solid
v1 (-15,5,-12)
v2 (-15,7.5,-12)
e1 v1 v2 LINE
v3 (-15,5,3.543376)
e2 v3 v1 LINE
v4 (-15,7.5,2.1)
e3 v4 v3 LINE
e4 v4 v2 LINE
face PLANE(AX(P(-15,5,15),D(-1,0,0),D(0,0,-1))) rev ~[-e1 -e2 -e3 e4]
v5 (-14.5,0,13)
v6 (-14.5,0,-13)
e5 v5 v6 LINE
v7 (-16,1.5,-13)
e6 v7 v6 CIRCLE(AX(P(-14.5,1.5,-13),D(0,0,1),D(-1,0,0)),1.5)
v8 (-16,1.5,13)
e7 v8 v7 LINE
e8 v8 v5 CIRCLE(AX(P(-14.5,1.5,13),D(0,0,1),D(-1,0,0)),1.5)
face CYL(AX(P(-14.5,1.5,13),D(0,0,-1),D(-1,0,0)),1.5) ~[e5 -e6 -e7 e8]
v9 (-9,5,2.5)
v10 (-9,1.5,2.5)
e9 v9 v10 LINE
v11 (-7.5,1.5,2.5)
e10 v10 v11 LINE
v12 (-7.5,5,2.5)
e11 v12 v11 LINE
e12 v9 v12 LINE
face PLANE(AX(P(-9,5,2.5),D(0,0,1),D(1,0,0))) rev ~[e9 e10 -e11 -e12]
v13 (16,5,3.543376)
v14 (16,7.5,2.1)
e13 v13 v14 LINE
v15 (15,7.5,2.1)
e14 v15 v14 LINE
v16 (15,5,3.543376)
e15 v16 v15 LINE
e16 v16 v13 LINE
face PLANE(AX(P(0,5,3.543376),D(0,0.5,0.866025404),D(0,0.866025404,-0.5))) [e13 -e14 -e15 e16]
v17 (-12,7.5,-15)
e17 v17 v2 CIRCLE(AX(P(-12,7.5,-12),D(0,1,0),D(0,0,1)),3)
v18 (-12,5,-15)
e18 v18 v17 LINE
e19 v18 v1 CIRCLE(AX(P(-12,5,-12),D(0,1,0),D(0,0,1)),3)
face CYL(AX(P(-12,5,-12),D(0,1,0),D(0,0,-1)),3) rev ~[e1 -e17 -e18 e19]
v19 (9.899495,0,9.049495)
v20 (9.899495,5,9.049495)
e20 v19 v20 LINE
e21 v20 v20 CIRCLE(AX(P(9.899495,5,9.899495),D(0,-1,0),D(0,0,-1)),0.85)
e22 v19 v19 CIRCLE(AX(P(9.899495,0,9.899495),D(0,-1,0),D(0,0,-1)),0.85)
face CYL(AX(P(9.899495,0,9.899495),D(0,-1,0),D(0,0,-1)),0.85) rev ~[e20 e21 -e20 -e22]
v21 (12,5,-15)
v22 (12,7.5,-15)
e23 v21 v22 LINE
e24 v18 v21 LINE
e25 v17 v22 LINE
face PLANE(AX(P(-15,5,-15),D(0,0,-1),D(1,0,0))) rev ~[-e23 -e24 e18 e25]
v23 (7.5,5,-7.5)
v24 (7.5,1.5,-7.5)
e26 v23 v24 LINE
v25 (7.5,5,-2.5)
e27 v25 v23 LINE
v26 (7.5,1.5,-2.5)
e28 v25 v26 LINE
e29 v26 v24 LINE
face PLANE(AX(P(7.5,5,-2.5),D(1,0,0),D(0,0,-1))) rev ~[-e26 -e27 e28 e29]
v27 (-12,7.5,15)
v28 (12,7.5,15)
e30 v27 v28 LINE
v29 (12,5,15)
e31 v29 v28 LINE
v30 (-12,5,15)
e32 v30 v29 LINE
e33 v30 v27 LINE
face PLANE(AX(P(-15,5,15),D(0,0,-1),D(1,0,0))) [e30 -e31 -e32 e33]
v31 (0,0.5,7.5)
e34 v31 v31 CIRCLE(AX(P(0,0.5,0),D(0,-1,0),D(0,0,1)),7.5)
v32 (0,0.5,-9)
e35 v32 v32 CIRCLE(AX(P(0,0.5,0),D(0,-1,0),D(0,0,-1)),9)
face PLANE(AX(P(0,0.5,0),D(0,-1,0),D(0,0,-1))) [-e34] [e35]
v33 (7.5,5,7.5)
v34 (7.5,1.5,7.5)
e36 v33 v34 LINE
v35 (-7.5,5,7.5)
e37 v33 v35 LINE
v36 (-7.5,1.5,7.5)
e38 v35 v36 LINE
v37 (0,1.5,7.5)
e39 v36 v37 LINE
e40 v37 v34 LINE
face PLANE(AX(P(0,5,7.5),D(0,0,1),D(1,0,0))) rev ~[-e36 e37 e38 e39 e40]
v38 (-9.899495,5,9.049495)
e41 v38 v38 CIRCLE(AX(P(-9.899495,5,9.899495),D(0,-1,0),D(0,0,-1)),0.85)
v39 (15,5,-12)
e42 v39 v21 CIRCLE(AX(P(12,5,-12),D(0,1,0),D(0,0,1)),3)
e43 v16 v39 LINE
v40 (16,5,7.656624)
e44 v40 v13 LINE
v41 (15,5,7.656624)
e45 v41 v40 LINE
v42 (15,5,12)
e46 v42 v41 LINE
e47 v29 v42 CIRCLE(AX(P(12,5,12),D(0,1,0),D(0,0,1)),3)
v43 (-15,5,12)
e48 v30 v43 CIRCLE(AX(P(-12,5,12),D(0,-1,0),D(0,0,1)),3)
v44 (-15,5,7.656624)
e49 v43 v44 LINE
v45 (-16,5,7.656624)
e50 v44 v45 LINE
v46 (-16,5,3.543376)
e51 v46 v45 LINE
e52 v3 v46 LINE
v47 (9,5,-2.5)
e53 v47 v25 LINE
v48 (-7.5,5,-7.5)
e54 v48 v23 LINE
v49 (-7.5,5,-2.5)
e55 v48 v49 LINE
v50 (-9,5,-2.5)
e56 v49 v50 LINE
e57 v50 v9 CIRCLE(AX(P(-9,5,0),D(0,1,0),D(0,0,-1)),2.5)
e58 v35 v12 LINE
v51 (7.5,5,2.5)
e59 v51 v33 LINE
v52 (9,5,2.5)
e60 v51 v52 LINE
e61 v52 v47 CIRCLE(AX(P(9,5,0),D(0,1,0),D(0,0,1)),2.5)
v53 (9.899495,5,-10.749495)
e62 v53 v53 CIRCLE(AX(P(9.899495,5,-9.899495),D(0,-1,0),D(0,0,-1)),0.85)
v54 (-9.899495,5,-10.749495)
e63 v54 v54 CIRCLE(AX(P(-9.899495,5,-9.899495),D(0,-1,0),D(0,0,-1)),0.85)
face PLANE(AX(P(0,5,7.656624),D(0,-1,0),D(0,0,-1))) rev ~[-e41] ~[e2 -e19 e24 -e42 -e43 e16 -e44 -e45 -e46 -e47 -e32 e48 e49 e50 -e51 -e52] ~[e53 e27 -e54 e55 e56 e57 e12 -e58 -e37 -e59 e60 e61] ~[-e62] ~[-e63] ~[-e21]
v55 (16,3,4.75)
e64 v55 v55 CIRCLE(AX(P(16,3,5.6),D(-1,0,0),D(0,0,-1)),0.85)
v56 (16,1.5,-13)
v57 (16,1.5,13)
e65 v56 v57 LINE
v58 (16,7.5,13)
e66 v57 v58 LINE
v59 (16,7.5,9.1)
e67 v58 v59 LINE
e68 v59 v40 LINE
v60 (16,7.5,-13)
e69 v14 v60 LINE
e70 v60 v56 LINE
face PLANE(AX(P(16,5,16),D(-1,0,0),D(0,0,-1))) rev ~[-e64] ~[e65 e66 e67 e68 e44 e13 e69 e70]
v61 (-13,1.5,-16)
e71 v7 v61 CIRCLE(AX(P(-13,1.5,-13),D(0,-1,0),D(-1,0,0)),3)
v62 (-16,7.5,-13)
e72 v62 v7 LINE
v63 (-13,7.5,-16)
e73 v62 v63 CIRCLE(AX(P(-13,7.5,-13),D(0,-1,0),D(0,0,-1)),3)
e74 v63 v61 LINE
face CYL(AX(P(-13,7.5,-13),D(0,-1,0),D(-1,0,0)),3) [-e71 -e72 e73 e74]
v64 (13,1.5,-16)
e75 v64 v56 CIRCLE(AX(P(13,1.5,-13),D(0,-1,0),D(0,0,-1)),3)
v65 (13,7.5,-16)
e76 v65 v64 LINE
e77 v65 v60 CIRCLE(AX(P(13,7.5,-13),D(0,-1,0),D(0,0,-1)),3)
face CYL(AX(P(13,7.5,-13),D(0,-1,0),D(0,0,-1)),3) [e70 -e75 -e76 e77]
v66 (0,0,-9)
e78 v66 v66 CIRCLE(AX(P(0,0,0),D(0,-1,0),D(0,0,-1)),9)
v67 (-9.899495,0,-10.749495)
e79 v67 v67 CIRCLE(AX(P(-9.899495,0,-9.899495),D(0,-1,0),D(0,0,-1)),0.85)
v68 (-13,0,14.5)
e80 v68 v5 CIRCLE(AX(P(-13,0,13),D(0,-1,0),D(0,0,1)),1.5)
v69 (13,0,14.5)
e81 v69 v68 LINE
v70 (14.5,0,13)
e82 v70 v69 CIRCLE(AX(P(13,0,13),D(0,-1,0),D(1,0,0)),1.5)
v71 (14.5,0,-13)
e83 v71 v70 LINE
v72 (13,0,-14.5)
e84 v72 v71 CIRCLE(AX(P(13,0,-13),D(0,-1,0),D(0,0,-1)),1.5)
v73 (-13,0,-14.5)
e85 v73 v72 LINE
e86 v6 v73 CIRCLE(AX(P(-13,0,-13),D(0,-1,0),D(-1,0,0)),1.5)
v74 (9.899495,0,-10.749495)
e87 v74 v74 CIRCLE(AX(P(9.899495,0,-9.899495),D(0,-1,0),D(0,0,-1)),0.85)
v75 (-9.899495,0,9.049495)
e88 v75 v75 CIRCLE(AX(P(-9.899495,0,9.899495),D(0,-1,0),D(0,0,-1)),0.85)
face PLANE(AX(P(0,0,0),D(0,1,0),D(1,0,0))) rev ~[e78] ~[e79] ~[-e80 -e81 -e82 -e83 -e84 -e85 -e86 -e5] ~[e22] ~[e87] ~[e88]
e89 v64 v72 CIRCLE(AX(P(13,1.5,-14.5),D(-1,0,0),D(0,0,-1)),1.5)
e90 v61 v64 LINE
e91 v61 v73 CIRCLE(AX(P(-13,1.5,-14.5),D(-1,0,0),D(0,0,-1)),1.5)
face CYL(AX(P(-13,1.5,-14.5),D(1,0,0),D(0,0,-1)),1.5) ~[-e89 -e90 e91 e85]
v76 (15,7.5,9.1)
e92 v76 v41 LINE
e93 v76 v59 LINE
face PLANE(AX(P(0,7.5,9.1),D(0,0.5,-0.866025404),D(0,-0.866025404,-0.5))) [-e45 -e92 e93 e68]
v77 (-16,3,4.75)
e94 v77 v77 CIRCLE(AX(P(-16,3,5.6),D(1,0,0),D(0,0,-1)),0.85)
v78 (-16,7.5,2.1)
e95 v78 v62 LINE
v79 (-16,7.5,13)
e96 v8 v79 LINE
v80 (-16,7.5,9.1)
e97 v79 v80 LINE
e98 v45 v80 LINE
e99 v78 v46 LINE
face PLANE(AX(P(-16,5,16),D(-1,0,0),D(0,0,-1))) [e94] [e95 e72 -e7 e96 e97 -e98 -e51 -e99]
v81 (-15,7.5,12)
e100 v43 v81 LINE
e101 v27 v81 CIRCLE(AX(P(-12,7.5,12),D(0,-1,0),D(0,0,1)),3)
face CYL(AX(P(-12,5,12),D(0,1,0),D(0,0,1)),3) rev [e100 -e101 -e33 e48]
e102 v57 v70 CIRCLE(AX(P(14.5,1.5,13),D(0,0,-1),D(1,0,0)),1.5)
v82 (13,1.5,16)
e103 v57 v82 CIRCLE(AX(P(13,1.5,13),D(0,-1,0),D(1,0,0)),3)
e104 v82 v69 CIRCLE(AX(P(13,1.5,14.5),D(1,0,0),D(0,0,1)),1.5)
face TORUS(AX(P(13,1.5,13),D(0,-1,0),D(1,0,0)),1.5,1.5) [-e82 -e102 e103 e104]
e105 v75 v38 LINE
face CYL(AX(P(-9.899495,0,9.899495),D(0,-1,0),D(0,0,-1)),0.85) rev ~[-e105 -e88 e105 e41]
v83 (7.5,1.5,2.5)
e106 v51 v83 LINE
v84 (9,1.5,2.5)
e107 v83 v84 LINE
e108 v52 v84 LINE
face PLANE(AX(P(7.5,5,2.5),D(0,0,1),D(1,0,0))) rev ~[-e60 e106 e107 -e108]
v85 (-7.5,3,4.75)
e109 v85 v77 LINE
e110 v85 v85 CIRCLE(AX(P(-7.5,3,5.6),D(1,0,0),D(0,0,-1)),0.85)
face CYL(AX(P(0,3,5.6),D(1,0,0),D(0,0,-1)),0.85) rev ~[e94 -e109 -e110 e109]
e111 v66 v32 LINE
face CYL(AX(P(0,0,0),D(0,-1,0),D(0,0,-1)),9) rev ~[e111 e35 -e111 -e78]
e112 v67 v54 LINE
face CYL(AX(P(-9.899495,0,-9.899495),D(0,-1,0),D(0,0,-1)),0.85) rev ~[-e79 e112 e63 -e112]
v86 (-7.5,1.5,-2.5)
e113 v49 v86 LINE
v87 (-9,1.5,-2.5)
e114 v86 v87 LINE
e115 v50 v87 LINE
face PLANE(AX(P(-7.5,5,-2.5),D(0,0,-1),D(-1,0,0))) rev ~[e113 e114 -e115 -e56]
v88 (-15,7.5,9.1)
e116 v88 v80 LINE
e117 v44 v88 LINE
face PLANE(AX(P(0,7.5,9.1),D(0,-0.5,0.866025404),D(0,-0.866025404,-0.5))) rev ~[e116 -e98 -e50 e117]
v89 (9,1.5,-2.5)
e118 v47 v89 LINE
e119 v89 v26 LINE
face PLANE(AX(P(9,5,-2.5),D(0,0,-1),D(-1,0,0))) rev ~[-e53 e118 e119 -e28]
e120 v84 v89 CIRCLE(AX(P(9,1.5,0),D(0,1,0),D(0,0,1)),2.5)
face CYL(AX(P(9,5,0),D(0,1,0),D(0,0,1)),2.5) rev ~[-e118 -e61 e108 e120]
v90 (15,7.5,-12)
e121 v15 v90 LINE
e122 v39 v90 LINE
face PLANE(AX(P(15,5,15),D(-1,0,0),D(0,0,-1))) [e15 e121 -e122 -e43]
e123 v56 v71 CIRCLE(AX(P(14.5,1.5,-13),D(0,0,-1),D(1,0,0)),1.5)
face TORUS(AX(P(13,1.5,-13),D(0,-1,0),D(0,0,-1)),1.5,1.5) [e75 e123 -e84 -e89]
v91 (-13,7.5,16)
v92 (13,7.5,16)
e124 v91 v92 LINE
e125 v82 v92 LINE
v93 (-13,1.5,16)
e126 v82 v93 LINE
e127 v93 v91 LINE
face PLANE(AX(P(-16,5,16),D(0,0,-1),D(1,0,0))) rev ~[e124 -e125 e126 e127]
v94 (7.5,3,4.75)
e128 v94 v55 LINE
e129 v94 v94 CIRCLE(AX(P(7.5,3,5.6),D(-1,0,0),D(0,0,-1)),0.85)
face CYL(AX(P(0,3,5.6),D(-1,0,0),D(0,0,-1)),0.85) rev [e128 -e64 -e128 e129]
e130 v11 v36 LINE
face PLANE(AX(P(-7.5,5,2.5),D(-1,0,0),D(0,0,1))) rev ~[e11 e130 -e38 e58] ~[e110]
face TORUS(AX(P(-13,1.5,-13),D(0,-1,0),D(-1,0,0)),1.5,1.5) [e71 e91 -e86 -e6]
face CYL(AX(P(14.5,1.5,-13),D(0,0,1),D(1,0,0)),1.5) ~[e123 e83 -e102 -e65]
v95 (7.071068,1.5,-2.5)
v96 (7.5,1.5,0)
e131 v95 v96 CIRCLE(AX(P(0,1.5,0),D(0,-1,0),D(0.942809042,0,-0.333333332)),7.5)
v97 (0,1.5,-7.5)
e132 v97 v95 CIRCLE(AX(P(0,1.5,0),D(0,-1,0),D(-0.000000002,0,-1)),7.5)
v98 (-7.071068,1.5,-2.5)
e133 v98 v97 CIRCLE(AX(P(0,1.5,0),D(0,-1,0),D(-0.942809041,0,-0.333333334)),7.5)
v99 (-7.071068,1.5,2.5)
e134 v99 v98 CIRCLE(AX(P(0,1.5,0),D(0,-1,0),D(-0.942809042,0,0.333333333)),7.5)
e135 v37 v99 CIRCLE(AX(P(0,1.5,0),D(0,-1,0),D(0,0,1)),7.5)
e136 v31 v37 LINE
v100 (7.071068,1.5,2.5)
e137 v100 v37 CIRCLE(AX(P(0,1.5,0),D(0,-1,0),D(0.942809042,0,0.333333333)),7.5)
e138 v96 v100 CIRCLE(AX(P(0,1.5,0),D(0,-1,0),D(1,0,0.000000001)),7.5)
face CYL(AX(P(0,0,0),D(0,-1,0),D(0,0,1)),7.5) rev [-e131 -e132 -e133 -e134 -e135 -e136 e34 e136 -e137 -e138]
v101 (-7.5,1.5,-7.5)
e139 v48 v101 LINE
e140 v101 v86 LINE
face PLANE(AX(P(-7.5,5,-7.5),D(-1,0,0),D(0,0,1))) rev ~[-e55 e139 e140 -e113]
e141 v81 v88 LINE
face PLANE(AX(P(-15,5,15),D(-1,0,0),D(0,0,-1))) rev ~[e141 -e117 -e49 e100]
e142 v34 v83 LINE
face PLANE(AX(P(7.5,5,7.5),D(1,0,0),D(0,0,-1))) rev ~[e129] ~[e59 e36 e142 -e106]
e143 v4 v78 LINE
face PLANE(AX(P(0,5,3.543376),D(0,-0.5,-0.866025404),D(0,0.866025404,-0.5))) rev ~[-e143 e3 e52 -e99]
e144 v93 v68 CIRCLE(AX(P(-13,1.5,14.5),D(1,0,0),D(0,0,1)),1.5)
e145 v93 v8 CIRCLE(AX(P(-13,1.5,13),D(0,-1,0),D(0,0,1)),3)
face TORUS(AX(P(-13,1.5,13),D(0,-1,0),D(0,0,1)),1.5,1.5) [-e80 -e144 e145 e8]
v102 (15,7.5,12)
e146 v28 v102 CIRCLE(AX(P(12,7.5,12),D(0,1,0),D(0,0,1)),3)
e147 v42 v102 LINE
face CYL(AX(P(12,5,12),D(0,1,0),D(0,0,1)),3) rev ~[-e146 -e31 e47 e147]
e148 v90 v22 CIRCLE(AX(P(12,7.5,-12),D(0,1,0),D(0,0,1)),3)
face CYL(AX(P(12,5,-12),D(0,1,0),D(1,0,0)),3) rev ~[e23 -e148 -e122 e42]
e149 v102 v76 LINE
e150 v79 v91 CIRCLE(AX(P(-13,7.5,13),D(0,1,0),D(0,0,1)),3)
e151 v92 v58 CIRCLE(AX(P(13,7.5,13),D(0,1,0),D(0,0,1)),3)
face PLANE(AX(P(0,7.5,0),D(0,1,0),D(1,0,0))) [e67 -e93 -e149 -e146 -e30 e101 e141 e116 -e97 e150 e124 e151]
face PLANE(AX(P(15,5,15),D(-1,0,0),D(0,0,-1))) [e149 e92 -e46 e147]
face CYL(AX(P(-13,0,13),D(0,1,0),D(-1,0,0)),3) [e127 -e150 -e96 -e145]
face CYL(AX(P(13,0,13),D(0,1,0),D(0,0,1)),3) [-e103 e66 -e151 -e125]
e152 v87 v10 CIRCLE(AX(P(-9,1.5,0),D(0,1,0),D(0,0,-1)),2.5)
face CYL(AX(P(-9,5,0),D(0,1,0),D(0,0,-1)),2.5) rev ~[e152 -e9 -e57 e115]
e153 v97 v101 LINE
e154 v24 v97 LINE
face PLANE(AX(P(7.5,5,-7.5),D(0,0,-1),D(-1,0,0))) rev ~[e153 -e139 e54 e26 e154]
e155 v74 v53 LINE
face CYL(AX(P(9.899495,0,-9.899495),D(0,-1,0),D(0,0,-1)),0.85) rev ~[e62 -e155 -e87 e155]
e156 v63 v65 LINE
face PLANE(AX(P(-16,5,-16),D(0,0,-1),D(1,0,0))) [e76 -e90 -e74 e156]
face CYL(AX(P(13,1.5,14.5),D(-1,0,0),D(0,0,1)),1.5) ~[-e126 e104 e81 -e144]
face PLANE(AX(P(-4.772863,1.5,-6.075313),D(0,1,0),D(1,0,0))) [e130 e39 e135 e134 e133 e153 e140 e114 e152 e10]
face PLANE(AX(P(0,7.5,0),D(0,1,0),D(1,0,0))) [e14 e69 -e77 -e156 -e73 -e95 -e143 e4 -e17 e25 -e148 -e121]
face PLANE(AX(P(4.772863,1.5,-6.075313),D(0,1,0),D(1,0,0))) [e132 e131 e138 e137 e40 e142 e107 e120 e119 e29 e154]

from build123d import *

# Parameters (mm, degrees)
SKETCH_1_W               = 32
SKETCH_1_H               = 32
SKETCH_1_R               = 7.5
EXTRUDE_1_DEPTH          = 5
CUT_EXTRUDE_1_DEPTH      = 3.5
SKETCH_3_W               = 32
SKETCH_3_H               = 32
SKETCH_3_W_2             = 30
SKETCH_3_H_2             = 30
EXTRUDE_2_DEPTH          = 2.5
SKETCH_4_R               = 0.85
CUT_EXTRUDE_2_DEPTH      = 8.5
SKETCH_5_R               = 9
CUT_EXTRUDE_3_DEPTH      = 0.5
FILLET_1_R               = 3
SKETCH_6_R               = 0.85
CUT_EXTRUDE_4_DEPTH      = 17
CUT_EXTRUDE_4_DEPTH_BACK = 17
FILLET_2_R               = 1.5


with BuildPart() as part:
    # 草图1 → 凸台-拉伸1 (new body)
    with BuildSketch(Plane(origin=(0, 0, 0), x_dir=(1, 0, 0), z_dir=(0, 1, 0))):
        Rectangle(SKETCH_1_W, SKETCH_1_H)
        with Locations(Location((0, 0, 0), (0, 0, 270))):  # turned: the seam where the file's is
            Circle(SKETCH_1_R, mode=Mode.SUBTRACT)
    extrude(amount=EXTRUDE_1_DEPTH)

    # 草图2 → 切除-拉伸1 (cut)
    with BuildSketch(Plane(origin=(0, 5, 0), x_dir=(1, 0, 0), z_dir=(0, 1, 0))):
        with BuildLine():
            Line((-1.6e-08, 7.5), (-7.5, 7.5))
            Line((-7.5, 7.5), (-7.5, 2.5))
            Line((-7.5, 2.5), (-7.071067812, 2.5))
            ThreePointArc((-7.071067812, 2.5), (-4.330127025, 6.123724352), (-1.6e-08, 7.5))
        make_face()
        with BuildLine():
            Line((7.5, 7.5), (-1.6e-08, 7.5))
            ThreePointArc((-1.6e-08, 7.5), (4.330127013, 6.123724361), (7.071067812, 2.5))
            Line((7.071067812, 2.5), (7.5, 2.5))
            Line((7.5, 2.5), (7.5, 7.5))
        make_face()
        with BuildLine():
            Line((-7.071067812, 2.5), (-7.5, 2.5))
            Line((-7.5, 2.5), (-9, 2.5))
            ThreePointArc((-9, 2.5), (-11.5, 0), (-9, -2.5))
            Line((-9, -2.5), (-7.5, -2.5))
            Line((-7.5, -2.5), (-7.071067812, -2.5))
            ThreePointArc((-7.071067812, -2.5), (-7.5, 0), (-7.071067812, 2.5))
        make_face()
        with BuildLine():
            Line((7.5, 2.5), (7.071067812, 2.5))
            ThreePointArc((7.071067812, 2.5), (7.391989197, 1.26826484), (7.5, 0))
            ThreePointArc((7.5, 0), (7.391989197, -1.26826484), (7.071067812, -2.5))
            Line((7.071067812, -2.5), (7.5, -2.5))
            Line((7.5, -2.5), (9, -2.5))
            ThreePointArc((9, -2.5), (11.5, 0), (9, 2.5))
            Line((9, 2.5), (7.5, 2.5))
        make_face()
        with BuildLine():
            Line((7.5, -2.5), (7.071067812, -2.5))
            ThreePointArc((7.071067812, -2.5), (4.330127019, -6.123724357), (0, -7.5))
            Line((0, -7.5), (7.5, -7.5))
            Line((7.5, -7.5), (7.5, -2.5))
        make_face()
        with BuildLine():
            ThreePointArc((0, -7.5), (-4.330127019, -6.123724357), (-7.071067812, -2.5))
            Line((-7.071067812, -2.5), (-7.5, -2.5))
            Line((-7.5, -2.5), (-7.5, -7.5))
            Line((-7.5, -7.5), (0, -7.5))
        make_face()
    extrude(amount=-CUT_EXTRUDE_1_DEPTH, mode=Mode.SUBTRACT)

    # 草图3 → 凸台-拉伸2 (add)
    with BuildSketch(Plane(origin=(0, 5, 0), x_dir=(1, 0, 0), z_dir=(0, 1, 0))):
        Rectangle(SKETCH_3_W, SKETCH_3_H)
        Rectangle(SKETCH_3_W_2, SKETCH_3_H_2, mode=Mode.SUBTRACT)
    extrude(amount=EXTRUDE_2_DEPTH)

    # 草图4 → 切除-拉伸2 (cut, through all)
    with BuildSketch(Plane.XZ):
        with Locations(Location((-9.899494937, 9.899494937, 0), (0, 0, 270))):  # turned: the seam where the file's is
            Circle(SKETCH_4_R)
        with Locations(Location((9.899494937, 9.899494937, 0), (0, 0, 270))):  # turned: the seam where the file's is
            Circle(SKETCH_4_R)
        with Locations(Location((9.899494937, -9.899494937, 0), (0, 0, 270))):  # turned: the seam where the file's is
            Circle(SKETCH_4_R)
        with Locations(Location((-9.899494937, -9.899494937, 0), (0, 0, 270))):  # turned: the seam where the file's is
            Circle(SKETCH_4_R)
    extrude(amount=-CUT_EXTRUDE_2_DEPTH, mode=Mode.SUBTRACT)

    # 草图5 → 切除-拉伸3 (cut)
    with BuildSketch(Plane.XZ):
        with Locations(Location((0, 0, 0), (0, 0, 270))):  # turned: the seam where the file's is
            Circle(SKETCH_5_R)
    extrude(amount=-CUT_EXTRUDE_3_DEPTH, mode=Mode.SUBTRACT)

    # 圆角1
    fillet_1_edges = [part.edges().sort_by_distance(p)[0] for p in [
        (15, 6.25, -15),
        (-15, 6.25, -15),
        (-15, 6.25, 15),
        (15, 6.25, 15),
        (-16, 3.75, -16),
        (16, 3.75, -16),
        (16, 3.75, 16),
        (-16, 3.75, 16),
    ]]
    fillet(fillet_1_edges, radius=FILLET_1_R)

    # 草图6 → 切除-拉伸4 (cut, two sides)
    with BuildSketch(Plane(origin=(0, 0, 0), x_dir=(0, 0, -1), z_dir=(1, 0, 0))) as cut_extrude_4_sk:
        with Locations((-5.6, 3)):
            Circle(SKETCH_6_R)
        Polygon((-7.656624327, 5), (-3.543375673, 5), (-2.1, 7.5), (-9.1, 7.5), align=None)
    extrude(amount=CUT_EXTRUDE_4_DEPTH, mode=Mode.SUBTRACT)
    extrude(cut_extrude_4_sk.sketch, amount=-CUT_EXTRUDE_4_DEPTH_BACK, mode=Mode.SUBTRACT)

    # 圆角2
    fillet_2_edges = [part.edges().sort_by_distance(p)[0] for p in [
        (-16, 0, 0),
        (0, 0, -16),
        (16, 0, 0),
        (0, 0, 16),
        (-15.121320344, 0, 15.121320344),
        (15.121320344, 0, 15.121320344),
        (15.121320344, 0, -15.121320344),
        (-15.121320344, 0, -15.121320344),
    ]]
    fillet(fillet_2_edges, radius=FILLET_2_R)


solid = part.part
